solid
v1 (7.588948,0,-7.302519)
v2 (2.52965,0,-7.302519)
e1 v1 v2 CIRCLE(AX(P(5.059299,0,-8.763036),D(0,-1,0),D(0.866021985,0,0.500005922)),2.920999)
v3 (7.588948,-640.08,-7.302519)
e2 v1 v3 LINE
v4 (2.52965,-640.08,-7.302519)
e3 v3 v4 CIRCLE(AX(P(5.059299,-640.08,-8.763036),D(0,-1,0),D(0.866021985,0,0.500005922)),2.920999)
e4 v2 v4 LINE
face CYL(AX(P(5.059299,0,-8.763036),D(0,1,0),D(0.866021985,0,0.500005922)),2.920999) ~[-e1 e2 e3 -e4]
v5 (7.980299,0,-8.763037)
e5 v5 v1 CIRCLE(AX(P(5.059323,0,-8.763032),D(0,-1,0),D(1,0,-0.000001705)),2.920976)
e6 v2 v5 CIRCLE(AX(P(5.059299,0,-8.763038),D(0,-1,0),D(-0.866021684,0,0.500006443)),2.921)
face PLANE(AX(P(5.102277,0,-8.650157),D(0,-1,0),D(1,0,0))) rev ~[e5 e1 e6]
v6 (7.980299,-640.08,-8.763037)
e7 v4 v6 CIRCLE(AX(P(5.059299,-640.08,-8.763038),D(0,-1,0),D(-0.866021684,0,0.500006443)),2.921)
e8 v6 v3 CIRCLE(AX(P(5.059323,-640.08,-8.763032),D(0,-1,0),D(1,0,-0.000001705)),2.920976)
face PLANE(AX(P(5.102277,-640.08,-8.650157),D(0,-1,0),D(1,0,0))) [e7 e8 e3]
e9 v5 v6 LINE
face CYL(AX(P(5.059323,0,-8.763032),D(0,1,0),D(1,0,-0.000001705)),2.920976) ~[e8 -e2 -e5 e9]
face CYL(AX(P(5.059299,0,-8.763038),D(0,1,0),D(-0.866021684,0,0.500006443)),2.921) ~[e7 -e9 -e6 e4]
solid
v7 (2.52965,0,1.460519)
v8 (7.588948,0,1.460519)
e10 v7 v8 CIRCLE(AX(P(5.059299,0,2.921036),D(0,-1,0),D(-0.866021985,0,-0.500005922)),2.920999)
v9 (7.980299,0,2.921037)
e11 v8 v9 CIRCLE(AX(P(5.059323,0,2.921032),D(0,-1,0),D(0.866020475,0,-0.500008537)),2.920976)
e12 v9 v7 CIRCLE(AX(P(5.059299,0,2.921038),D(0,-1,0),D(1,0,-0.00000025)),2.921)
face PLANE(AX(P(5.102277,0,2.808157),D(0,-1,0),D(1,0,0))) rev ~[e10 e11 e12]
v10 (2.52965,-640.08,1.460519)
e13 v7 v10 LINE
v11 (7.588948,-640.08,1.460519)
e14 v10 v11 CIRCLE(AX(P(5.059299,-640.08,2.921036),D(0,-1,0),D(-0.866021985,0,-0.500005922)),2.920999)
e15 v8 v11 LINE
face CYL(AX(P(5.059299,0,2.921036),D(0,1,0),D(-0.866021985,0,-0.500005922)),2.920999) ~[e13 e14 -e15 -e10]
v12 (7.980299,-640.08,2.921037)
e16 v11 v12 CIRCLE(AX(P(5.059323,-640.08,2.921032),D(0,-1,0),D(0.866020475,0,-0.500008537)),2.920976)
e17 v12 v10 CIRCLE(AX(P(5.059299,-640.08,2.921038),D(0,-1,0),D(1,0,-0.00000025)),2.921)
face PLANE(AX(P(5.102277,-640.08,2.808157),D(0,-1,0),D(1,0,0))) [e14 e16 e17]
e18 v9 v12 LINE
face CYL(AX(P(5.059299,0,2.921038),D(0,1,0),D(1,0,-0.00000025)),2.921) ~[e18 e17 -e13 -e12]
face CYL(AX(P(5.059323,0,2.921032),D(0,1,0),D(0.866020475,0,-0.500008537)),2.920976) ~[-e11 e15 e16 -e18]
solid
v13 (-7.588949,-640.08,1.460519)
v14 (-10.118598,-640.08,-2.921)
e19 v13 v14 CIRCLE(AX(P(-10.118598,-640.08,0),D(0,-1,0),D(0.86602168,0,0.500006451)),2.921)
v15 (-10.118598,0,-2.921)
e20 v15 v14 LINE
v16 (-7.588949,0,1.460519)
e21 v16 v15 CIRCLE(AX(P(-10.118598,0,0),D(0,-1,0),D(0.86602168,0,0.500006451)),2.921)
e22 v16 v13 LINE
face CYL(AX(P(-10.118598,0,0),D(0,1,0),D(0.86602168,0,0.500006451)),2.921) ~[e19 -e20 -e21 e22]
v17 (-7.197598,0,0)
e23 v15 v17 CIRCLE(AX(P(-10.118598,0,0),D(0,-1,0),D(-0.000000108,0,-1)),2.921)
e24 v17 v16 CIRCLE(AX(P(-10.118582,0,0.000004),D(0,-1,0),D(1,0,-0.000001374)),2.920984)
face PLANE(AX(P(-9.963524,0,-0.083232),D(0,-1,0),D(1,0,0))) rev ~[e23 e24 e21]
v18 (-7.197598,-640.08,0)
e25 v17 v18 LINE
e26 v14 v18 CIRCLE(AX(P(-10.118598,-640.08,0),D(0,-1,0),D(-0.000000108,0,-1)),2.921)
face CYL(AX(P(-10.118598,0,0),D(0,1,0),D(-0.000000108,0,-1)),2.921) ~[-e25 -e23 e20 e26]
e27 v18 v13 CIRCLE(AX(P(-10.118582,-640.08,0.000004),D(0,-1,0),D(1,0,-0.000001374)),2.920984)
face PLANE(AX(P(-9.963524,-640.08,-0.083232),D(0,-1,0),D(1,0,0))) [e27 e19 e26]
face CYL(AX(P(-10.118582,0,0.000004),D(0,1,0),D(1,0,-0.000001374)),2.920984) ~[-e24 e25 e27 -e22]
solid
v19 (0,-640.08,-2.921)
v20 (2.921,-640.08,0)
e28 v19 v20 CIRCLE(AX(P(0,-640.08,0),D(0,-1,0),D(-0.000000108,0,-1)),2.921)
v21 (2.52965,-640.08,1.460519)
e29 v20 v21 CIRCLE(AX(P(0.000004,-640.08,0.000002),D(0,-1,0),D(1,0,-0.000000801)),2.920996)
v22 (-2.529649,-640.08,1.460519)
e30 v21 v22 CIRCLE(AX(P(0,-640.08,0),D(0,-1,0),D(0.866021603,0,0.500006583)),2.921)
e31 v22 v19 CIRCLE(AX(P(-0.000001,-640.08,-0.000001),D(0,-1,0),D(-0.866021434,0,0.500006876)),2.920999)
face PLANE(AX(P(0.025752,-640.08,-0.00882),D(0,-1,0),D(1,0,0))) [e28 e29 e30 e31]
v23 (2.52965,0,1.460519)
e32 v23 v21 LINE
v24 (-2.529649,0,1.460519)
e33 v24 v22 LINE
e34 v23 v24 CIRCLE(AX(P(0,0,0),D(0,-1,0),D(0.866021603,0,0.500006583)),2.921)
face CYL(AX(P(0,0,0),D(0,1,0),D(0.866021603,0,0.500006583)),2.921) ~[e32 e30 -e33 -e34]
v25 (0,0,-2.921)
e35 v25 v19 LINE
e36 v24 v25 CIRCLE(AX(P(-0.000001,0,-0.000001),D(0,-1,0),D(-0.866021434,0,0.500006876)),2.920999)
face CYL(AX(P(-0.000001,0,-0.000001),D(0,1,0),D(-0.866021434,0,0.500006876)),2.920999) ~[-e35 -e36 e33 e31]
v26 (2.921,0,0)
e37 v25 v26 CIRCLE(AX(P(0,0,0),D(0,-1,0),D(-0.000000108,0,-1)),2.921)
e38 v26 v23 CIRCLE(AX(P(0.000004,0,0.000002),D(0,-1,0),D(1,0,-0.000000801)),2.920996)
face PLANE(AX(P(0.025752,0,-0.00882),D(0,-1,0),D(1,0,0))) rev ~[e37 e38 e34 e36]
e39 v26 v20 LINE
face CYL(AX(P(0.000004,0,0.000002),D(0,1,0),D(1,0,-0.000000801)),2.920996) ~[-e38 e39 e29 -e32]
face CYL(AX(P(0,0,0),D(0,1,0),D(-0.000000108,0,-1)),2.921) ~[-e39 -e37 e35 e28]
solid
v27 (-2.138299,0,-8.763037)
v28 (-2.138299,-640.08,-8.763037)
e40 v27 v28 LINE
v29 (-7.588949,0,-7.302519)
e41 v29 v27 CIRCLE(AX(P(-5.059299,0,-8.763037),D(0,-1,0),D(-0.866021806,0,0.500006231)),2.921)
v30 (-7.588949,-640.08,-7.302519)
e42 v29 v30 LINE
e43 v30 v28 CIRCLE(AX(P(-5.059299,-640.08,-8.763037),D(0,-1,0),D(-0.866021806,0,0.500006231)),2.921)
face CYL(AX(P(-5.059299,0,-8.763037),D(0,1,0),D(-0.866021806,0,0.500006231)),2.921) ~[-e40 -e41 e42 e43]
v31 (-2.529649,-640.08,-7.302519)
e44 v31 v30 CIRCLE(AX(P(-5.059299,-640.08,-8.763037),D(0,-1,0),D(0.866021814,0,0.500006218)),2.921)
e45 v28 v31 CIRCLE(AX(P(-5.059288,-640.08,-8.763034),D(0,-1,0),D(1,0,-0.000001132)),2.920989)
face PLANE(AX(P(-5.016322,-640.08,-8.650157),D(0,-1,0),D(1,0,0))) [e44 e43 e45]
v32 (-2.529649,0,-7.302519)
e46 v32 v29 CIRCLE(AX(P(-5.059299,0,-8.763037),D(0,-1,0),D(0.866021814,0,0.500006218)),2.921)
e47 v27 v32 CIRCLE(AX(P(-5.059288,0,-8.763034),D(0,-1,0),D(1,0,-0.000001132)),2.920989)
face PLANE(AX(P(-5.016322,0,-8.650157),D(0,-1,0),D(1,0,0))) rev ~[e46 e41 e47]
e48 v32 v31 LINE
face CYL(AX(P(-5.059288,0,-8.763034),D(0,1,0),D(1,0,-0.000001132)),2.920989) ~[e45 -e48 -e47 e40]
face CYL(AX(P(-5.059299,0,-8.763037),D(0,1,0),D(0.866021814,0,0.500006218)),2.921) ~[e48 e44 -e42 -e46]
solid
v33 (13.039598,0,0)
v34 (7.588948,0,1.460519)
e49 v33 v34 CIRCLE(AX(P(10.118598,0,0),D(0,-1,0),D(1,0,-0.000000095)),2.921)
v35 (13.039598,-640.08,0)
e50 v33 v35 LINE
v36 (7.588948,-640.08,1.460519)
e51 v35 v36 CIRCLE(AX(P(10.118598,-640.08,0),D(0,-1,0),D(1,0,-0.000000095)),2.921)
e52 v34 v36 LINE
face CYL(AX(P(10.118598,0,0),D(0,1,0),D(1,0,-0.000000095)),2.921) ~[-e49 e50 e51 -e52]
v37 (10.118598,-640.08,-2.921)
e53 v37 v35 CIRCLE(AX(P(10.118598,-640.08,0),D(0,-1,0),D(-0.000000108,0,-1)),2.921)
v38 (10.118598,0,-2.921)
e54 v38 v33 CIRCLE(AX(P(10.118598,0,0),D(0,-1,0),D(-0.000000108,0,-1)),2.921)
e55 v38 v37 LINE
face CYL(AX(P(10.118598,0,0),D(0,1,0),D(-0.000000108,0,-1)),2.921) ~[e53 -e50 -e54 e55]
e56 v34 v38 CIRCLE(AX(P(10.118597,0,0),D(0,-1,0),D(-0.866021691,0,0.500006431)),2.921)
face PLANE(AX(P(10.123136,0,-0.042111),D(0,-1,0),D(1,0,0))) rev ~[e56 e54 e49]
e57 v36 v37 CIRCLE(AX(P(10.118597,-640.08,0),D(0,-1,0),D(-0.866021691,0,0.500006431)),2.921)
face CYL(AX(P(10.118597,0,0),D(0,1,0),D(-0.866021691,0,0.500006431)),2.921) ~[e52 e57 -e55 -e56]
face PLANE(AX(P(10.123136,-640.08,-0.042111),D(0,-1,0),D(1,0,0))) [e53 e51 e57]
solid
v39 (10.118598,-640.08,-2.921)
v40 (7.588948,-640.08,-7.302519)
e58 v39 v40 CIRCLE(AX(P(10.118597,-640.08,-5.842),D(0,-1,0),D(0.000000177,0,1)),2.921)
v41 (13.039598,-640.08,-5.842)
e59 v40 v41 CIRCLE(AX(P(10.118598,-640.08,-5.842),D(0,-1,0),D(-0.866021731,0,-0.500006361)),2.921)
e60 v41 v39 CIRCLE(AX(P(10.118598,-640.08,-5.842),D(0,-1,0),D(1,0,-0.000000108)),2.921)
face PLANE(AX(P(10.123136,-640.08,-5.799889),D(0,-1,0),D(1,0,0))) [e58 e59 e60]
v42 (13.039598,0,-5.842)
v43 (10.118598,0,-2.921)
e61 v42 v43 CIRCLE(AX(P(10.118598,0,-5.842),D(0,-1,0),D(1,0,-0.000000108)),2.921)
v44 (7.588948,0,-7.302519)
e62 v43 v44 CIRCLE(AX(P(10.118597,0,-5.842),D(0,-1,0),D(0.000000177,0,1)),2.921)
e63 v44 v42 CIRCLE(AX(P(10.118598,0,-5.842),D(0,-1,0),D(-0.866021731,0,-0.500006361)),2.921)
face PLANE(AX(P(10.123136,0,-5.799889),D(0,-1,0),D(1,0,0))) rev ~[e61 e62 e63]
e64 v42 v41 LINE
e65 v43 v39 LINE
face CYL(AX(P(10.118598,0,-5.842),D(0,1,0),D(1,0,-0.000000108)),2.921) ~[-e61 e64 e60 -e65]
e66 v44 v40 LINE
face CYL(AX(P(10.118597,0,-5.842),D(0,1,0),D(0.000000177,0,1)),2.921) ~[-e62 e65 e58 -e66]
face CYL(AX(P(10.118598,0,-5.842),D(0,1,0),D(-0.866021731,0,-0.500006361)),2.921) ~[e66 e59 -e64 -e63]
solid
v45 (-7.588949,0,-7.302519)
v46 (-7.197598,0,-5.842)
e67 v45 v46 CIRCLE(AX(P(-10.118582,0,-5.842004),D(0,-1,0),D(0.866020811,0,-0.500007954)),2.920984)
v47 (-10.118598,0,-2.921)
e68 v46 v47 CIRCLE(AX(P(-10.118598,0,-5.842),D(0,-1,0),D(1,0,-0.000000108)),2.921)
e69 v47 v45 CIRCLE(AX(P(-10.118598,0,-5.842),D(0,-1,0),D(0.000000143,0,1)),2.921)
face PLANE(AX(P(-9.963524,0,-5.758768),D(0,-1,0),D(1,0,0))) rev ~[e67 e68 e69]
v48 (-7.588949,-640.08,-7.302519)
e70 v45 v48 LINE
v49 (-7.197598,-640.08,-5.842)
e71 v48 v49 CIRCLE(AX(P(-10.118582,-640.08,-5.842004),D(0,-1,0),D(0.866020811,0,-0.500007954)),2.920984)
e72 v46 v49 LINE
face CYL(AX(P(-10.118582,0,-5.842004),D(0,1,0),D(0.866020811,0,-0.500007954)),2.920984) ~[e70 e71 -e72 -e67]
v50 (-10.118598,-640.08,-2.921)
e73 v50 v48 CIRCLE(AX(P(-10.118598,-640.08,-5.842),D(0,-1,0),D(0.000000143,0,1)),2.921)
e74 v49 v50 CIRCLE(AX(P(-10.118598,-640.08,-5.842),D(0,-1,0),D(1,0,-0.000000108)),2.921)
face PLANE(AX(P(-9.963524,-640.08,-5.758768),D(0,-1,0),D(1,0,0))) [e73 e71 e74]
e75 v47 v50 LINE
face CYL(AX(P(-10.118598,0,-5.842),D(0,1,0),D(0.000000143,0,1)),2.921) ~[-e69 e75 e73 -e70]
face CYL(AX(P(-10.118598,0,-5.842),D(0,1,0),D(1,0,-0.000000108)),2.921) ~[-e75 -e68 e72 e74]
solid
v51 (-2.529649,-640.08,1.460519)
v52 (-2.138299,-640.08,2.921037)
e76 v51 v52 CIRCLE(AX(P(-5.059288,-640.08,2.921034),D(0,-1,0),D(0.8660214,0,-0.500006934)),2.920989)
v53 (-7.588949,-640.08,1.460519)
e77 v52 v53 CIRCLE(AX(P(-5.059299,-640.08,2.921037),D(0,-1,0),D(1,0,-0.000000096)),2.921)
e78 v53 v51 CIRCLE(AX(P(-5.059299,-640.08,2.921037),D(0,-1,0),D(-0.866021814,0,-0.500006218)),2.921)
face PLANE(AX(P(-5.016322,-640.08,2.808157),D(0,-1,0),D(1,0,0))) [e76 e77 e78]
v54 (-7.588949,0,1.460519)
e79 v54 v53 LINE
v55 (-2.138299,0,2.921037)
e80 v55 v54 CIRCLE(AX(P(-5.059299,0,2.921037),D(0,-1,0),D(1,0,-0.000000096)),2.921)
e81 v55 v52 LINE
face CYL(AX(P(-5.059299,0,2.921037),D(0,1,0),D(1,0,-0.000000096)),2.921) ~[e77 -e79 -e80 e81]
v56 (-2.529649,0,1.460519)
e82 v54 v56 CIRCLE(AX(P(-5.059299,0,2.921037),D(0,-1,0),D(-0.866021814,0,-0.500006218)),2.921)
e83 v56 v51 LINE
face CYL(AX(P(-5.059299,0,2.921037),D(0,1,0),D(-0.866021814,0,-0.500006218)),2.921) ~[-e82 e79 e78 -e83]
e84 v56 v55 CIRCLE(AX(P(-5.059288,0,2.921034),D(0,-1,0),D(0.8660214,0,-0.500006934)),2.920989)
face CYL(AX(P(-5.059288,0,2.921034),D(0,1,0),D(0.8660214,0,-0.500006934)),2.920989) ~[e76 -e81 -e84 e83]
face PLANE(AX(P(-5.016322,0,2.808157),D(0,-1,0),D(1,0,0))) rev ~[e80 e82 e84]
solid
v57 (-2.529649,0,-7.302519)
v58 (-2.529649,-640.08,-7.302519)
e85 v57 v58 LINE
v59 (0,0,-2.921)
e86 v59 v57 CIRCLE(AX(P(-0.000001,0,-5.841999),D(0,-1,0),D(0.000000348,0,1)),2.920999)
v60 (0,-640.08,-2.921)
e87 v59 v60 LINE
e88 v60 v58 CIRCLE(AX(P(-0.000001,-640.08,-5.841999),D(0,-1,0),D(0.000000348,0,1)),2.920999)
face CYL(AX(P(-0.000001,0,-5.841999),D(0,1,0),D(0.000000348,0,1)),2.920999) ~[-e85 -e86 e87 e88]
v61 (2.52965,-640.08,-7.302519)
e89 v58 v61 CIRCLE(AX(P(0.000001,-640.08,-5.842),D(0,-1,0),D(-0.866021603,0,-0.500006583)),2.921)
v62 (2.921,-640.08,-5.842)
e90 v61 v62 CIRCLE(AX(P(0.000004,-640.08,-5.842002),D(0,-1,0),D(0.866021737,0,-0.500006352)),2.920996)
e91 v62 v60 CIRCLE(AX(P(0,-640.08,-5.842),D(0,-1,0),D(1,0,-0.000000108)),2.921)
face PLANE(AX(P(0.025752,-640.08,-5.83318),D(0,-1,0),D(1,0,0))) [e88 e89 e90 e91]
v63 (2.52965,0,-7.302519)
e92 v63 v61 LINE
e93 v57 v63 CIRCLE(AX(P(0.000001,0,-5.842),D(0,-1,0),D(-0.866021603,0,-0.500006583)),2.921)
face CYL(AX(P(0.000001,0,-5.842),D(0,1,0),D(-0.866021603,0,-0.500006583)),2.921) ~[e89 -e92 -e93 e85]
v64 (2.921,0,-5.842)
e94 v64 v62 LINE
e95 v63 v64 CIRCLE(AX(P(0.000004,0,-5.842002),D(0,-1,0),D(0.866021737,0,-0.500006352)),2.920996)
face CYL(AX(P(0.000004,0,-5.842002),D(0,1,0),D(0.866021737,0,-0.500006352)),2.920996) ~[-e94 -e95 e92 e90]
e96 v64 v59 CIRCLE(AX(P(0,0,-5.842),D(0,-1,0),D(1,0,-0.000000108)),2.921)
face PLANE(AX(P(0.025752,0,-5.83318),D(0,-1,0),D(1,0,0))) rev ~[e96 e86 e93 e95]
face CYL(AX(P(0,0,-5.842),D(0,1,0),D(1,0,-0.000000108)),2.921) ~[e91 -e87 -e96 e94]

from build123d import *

# Parameters (mm, degrees)
F1_DEPTH = 640.08


with BuildPart() as f1:
    # F0 (on Front) → F1 (new body)
    with BuildSketch(Plane.XZ):
        with BuildLine():
            ThreePointArc((7.588948, -7.302519), (5.059299, -5.842037), (2.52965, -7.302519))
            ThreePointArc((2.52965, -7.302519), (4.303278, -11.584504), (7.980299, -8.763037))
            ThreePointArc((7.980299, -8.763037), (7.880766, -8.007016), (7.588948, -7.302519))
        make_face()
        with BuildLine():
            ThreePointArc((0, -2.921), (2.065459, -2.065459), (2.921, 0))
            ThreePointArc((2.921, 0), (2.821467, 0.756021), (2.52965, 1.460519))
            ThreePointArc((2.52965, 1.460519), (0, 2.921), (-2.529649, 1.460519))
            ThreePointArc((-2.529649, 1.460519), (-2.529666, -1.460491), (0, -2.921))
        make_face()
        with BuildLine():
            ThreePointArc((13.039598, -5.842), (12.184057, -3.776541), (10.118598, -2.921))
            ThreePointArc((10.118598, -2.921), (7.588932, -4.381509), (7.588948, -7.302519))
            ThreePointArc((7.588948, -7.302519), (10.874619, -8.663467), (13.039598, -5.842))
        make_face()
        with BuildLine():
            ThreePointArc((-2.138299, -8.763037), (-2.237832, -8.007016), (-2.529649, -7.302519))
            ThreePointArc((-2.529649, -7.302519), (-5.059299, -5.842037), (-7.588949, -7.302519))
            ThreePointArc((-7.588949, -7.302519), (-5.81532, -11.584504), (-2.138299, -8.763037))
        make_face()
        with BuildLine():
            ThreePointArc((13.039598, 0), (10.874619, 2.821467), (7.588948, 1.460519))
            ThreePointArc((7.588948, 1.460519), (7.588932, -1.460491), (10.118598, -2.921))
            ThreePointArc((10.118598, -2.921), (12.184057, -2.065459), (13.039598, 0))
        make_face()
        with BuildLine():
            ThreePointArc((7.980299, 2.921037), (4.303278, 5.742504), (2.52965, 1.460519))
            ThreePointArc((2.52965, 1.460519), (5.059299, 3.7e-05), (7.588948, 1.460519))
            ThreePointArc((7.588948, 1.460519), (7.880766, 2.165016), (7.980299, 2.921037))
        make_face()
        with BuildLine():
            ThreePointArc((-7.588949, 1.460519), (-5.059299, 3.7e-05), (-2.529649, 1.460519))
            ThreePointArc((-2.529649, 1.460519), (-2.237832, 2.165016), (-2.138299, 2.921037))
            ThreePointArc((-2.138299, 2.921037), (-5.81532, 5.742504), (-7.588949, 1.460519))
        make_face()
        with BuildLine():
            ThreePointArc((-7.197598, 0), (-7.297131, 0.756021), (-7.588949, 1.460519))
            ThreePointArc((-7.588949, 1.460519), (-12.648264, 1.460491), (-10.118598, -2.921))
            ThreePointArc((-10.118598, -2.921), (-8.053139, -2.065459), (-7.197598, 0))
        make_face()
        with BuildLine():
            ThreePointArc((-10.118598, -2.921), (-12.648264, -7.302491), (-7.588949, -7.302519))
            ThreePointArc((-7.588949, -7.302519), (-7.297131, -6.598021), (-7.197598, -5.842))
            ThreePointArc((-7.197598, -5.842), (-8.053139, -3.776541), (-10.118598, -2.921))
        make_face()
        with BuildLine():
            ThreePointArc((2.921, -5.842), (2.065459, -3.776541), (0, -2.921))
            ThreePointArc((0, -2.921), (-2.529666, -4.381509), (-2.529649, -7.302519))
            ThreePointArc((-2.529649, -7.302519), (0, -8.763), (2.52965, -7.302519))
            ThreePointArc((2.52965, -7.302519), (2.821467, -6.598021), (2.921, -5.842))
        make_face()
    extrude(amount=F1_DEPTH)


solid = f1.part
